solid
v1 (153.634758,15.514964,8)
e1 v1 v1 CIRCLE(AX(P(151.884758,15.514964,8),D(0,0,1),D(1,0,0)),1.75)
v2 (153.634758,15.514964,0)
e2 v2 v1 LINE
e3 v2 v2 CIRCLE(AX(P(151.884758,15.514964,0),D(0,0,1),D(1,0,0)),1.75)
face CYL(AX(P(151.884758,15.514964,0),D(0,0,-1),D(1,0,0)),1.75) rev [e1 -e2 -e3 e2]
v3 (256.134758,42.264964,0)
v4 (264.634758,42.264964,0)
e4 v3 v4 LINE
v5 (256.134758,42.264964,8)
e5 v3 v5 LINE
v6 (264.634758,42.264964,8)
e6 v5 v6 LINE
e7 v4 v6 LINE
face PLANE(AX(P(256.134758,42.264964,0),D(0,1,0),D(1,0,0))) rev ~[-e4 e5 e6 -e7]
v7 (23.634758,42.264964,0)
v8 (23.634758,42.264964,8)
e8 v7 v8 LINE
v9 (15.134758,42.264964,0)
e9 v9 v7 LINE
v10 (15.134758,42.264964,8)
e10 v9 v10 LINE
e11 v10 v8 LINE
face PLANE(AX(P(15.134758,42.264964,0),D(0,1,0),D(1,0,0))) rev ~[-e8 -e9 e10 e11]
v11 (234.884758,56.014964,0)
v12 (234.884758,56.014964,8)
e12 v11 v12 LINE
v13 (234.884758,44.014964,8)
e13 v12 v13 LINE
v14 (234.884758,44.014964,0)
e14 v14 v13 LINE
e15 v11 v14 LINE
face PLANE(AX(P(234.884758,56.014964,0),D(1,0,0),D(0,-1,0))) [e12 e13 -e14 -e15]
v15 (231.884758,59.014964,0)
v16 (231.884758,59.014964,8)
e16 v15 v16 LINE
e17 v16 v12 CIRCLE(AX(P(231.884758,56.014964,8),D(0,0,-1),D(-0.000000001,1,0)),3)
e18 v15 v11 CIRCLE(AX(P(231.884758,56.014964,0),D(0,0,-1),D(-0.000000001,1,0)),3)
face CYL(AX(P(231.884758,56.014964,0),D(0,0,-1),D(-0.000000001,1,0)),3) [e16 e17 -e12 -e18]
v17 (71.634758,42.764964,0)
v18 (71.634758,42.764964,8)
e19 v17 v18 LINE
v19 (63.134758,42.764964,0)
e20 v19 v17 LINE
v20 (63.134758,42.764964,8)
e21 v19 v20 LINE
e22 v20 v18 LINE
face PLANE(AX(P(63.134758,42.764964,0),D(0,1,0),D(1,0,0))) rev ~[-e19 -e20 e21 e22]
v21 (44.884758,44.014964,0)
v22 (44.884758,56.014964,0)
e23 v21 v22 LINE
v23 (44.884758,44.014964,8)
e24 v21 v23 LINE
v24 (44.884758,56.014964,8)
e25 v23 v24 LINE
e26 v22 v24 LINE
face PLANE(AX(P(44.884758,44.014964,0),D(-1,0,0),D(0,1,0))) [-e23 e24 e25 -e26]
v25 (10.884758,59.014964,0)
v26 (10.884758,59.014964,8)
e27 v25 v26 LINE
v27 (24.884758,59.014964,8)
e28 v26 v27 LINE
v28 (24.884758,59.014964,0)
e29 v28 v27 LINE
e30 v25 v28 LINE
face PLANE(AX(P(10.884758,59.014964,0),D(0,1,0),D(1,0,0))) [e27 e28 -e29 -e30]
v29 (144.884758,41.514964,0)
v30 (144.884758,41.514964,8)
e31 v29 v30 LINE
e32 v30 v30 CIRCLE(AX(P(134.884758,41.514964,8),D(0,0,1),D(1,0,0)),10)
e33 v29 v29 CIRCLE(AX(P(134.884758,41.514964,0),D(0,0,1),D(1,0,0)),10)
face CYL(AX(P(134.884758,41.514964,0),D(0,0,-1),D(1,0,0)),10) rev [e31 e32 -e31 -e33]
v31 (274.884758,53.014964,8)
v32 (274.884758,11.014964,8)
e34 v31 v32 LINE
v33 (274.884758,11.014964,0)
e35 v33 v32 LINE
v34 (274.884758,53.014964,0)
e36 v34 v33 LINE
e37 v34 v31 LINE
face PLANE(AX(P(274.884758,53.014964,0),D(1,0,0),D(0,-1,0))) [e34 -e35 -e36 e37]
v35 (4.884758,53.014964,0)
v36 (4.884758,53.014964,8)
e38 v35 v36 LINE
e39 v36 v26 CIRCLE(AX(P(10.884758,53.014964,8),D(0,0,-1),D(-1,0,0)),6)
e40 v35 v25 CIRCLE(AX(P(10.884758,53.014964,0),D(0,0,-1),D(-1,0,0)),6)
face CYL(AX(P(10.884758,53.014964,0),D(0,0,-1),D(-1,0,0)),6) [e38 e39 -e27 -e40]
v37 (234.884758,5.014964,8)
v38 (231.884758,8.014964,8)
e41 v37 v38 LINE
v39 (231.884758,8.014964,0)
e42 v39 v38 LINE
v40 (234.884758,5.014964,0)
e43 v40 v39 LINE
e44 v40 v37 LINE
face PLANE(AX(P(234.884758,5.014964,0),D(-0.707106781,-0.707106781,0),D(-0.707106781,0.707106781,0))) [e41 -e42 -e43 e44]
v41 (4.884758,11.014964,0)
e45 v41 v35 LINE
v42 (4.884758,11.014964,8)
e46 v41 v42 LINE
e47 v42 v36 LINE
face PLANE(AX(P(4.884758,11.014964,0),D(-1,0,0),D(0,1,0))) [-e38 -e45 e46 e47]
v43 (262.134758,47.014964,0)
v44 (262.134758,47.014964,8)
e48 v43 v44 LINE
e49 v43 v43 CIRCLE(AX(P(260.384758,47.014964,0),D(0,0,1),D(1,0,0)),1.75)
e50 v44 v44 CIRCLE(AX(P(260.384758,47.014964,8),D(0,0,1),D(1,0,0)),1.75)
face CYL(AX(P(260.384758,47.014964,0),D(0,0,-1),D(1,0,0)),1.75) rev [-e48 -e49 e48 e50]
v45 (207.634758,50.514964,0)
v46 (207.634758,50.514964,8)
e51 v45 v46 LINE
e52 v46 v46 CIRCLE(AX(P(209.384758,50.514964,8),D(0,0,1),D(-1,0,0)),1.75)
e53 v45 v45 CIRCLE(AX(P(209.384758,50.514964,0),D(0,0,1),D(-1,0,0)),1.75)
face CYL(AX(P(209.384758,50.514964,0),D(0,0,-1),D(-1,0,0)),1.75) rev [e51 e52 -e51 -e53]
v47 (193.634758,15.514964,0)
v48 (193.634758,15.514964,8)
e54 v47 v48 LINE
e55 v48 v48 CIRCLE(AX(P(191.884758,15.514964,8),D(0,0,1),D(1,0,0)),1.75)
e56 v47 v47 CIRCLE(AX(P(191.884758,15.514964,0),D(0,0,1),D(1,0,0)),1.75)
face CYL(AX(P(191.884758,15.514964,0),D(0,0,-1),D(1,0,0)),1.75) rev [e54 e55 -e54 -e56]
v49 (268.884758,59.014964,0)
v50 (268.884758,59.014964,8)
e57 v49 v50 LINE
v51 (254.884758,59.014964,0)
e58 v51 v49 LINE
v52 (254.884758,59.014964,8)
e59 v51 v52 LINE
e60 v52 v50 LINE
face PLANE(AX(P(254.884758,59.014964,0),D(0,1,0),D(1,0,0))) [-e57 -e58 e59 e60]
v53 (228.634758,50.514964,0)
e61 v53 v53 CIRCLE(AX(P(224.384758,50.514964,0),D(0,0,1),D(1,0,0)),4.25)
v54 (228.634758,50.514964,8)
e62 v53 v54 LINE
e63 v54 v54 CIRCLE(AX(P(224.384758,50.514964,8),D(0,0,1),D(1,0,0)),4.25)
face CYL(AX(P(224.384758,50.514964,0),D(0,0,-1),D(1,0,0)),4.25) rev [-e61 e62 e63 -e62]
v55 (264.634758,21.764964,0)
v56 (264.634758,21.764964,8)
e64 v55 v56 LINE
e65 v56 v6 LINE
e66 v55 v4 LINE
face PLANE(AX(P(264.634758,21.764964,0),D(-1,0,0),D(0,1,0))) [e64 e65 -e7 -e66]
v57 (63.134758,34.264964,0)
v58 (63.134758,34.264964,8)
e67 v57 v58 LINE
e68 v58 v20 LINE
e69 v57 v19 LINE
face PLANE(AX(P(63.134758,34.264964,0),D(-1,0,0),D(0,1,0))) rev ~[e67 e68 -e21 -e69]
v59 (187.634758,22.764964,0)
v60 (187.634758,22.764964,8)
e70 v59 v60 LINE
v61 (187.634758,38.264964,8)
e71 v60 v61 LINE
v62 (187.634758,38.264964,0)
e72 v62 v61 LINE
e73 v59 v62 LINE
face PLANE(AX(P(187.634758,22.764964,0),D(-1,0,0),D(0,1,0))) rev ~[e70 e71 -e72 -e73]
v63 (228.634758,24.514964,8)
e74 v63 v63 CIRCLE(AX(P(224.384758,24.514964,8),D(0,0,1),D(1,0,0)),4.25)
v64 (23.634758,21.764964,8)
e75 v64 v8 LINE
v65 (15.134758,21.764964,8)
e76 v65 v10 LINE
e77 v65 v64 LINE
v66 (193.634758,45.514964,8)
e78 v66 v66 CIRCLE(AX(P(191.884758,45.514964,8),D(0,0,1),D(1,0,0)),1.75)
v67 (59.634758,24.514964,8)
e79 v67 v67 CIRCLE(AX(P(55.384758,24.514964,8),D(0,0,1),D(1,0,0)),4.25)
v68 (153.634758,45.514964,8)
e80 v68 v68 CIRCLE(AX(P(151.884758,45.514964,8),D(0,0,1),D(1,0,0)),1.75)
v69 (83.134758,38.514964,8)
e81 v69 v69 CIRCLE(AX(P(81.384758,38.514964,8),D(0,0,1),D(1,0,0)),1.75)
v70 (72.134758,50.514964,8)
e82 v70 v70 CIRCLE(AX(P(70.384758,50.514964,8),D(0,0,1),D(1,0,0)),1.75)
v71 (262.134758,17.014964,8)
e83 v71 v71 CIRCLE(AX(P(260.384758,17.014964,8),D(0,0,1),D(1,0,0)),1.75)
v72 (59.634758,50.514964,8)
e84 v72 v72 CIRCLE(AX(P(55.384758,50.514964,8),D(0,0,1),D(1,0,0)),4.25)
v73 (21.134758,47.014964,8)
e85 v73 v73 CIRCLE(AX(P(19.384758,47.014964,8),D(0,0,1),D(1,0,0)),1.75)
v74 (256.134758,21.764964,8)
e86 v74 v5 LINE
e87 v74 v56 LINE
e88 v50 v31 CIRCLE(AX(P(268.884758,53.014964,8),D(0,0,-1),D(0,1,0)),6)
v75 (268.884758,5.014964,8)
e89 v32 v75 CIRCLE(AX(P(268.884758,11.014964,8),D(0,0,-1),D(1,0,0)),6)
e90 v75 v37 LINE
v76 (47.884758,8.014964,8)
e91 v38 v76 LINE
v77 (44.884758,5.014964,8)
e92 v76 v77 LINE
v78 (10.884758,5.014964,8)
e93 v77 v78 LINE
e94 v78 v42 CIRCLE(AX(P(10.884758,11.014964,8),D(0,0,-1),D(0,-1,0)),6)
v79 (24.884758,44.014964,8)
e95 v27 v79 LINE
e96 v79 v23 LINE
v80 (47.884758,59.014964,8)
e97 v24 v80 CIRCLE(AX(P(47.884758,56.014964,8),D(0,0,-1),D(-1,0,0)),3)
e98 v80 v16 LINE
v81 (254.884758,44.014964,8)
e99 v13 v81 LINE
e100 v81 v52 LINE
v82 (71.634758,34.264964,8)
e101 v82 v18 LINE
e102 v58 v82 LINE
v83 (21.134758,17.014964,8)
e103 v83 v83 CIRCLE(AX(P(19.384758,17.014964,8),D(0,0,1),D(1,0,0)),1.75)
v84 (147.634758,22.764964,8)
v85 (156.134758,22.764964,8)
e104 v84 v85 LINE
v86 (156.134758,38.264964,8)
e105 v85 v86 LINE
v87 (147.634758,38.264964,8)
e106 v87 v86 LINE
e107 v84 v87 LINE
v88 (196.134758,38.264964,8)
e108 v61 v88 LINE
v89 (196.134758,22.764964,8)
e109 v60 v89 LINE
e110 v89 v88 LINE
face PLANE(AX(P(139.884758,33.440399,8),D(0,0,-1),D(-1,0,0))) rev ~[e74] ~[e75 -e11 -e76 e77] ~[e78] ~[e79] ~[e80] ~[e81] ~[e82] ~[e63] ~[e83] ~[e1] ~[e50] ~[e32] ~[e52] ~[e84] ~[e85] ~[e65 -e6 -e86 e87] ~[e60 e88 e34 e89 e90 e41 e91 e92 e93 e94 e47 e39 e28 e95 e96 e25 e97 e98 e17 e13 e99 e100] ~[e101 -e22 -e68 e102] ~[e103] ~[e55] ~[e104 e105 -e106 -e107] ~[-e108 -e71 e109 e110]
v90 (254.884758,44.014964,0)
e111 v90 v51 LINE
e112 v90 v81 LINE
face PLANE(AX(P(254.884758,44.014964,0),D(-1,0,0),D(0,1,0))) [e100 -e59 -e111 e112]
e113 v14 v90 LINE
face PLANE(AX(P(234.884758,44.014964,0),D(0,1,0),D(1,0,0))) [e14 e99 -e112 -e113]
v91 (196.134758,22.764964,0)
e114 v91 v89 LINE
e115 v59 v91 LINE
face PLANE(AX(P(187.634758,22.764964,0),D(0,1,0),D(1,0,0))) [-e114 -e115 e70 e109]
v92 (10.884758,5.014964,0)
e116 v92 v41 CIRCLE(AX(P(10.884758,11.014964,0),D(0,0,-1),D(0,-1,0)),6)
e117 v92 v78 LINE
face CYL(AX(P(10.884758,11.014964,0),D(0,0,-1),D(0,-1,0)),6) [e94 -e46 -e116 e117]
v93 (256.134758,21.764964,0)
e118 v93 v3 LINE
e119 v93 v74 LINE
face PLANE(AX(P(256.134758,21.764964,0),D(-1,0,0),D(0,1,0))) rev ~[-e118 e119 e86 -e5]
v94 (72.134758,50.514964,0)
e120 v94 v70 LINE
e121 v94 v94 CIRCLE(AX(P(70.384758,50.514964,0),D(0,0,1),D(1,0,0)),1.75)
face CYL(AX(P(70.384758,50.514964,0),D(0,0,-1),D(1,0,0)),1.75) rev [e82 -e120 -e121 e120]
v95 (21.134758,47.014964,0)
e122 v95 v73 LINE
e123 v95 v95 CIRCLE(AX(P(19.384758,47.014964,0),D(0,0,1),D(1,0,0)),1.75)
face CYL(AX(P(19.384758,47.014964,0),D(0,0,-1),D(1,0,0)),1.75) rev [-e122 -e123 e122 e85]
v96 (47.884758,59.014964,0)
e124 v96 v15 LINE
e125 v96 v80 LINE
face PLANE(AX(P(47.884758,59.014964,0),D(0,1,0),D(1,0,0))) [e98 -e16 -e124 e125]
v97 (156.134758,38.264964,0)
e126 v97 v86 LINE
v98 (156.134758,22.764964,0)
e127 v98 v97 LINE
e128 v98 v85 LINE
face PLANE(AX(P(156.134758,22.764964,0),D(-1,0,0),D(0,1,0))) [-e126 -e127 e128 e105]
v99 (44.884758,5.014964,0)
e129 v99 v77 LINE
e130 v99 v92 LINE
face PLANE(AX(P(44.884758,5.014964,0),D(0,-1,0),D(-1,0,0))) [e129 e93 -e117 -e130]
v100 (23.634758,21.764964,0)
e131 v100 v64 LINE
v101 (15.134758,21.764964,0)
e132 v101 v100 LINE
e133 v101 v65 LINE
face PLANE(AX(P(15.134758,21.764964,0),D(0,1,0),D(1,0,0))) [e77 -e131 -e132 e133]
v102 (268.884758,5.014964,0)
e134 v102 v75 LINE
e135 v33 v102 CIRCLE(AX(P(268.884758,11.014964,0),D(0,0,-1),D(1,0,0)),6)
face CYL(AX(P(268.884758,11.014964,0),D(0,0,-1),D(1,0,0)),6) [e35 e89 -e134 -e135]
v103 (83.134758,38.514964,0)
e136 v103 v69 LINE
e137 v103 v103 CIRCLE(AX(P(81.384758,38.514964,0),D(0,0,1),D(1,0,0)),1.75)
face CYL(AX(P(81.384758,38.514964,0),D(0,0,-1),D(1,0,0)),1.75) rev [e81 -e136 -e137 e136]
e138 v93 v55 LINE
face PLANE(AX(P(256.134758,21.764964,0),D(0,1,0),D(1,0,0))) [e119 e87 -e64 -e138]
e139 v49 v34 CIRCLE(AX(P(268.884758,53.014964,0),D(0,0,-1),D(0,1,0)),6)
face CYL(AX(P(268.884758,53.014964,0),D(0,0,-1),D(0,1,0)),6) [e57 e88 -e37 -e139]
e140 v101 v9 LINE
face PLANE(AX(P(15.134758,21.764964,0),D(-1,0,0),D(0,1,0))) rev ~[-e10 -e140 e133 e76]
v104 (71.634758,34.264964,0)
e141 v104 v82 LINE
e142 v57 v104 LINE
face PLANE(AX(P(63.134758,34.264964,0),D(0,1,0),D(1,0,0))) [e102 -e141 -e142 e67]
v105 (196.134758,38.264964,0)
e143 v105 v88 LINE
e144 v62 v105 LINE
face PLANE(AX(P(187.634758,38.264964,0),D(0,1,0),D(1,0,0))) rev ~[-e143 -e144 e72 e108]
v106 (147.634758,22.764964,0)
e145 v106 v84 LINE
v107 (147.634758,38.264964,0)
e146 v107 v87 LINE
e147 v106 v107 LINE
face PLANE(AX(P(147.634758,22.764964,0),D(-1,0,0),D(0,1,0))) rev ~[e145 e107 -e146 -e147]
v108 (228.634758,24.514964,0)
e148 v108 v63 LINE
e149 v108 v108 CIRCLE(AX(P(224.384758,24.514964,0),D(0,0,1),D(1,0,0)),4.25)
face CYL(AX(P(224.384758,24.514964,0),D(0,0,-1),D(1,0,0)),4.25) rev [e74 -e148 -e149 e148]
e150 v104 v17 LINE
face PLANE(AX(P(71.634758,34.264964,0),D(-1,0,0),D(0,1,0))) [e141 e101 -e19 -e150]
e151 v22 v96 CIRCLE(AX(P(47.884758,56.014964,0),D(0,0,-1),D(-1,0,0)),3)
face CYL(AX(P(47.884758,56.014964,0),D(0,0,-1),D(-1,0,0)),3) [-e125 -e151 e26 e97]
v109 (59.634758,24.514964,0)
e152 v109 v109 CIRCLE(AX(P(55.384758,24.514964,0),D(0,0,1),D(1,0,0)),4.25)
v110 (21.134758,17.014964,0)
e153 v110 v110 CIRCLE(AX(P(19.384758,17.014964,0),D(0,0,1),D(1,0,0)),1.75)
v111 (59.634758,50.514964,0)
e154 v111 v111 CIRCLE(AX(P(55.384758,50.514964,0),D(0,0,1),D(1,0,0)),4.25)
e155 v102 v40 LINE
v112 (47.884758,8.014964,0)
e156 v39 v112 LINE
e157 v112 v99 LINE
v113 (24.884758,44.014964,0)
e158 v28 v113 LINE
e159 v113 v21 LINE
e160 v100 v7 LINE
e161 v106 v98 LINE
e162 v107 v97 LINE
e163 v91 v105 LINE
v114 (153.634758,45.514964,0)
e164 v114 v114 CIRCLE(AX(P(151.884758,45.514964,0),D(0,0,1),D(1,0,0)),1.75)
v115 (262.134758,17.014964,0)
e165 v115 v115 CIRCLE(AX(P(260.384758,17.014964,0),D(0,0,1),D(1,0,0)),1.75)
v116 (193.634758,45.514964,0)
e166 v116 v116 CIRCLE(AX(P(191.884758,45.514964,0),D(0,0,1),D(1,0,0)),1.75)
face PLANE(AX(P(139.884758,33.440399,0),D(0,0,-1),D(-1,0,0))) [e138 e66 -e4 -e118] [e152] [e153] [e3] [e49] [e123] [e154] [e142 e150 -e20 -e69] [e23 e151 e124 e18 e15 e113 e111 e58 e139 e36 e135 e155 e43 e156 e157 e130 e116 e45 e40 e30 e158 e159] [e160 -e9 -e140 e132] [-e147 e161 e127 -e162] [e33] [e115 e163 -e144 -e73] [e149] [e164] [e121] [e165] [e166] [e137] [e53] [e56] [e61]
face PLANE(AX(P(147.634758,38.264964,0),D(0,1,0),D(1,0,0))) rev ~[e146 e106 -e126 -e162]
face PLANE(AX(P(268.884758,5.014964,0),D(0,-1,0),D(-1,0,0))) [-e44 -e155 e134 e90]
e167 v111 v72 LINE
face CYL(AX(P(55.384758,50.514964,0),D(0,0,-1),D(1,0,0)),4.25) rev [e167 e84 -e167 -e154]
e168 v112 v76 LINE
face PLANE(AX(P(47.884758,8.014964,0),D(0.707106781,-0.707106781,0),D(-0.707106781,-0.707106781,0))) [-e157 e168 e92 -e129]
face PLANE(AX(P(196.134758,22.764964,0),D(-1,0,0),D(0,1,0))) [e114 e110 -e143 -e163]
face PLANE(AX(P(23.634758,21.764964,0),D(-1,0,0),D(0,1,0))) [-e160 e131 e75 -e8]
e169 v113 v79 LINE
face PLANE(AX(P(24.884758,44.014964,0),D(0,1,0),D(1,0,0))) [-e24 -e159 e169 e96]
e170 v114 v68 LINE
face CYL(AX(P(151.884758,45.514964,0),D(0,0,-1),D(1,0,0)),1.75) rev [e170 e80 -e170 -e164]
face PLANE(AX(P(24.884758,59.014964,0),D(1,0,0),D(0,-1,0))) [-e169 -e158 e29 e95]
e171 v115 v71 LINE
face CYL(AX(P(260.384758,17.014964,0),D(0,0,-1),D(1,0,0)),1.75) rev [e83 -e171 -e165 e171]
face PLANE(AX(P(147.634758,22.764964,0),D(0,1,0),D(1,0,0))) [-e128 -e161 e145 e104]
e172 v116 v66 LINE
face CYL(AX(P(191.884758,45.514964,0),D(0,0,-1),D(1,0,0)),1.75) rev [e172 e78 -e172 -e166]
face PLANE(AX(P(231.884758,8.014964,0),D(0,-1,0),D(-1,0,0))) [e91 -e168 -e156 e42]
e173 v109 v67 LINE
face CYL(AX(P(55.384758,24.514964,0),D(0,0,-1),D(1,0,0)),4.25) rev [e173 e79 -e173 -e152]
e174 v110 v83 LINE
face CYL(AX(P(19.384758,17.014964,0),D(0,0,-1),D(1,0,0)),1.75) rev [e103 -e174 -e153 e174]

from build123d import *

# Parameters (mm, degrees)
SKETCH1_R      = 1.75
SKETCH1_R_2    = 4.25
SKETCH1_R_3    = 10
SKETCH1_W      = 8.5
SKETCH1_H      = 20.5
SKETCH1_H_2    = 15.5
SKETCH1_H_3    = 8.5
EXTRUDE1_DEPTH = 8


with BuildPart() as part:
    # Sketch1 → Extrude1 (new body)
    with BuildSketch(Plane.XY):
        with BuildLine():
            Line((234.88475828, 56.014964012), (234.88475828, 44.014964012))
            Line((234.88475828, 44.014964012), (254.88475828, 44.014964012))
            Line((254.88475828, 44.014964012), (254.88475828, 59.014964012))
            Line((254.88475828, 59.014964012), (268.88475828, 59.014964012))
            ThreePointArc((268.88475828, 59.014964012), (273.127398968, 57.257604699), (274.88475828, 53.014964012))
            Line((274.88475828, 53.014964012), (274.88475828, 11.014964012))
            ThreePointArc((274.88475828, 11.014964012), (273.127398968, 6.772323325), (268.88475828, 5.014964012))
            Line((268.88475828, 5.014964012), (234.88475828, 5.014964012))
            Line((234.88475828, 5.014964012), (231.88475828, 8.014964012))
            Line((231.88475828, 8.014964012), (47.88475828, 8.014964012))
            Line((47.88475828, 8.014964012), (44.88475828, 5.014964012))
            Line((44.88475828, 5.014964012), (10.88475828, 5.014964012))
            ThreePointArc((10.88475828, 5.014964012), (6.642117593, 6.772323325), (4.88475828, 11.014964012))
            Line((4.88475828, 11.014964012), (4.88475828, 53.014964012))
            ThreePointArc((4.88475828, 53.014964012), (6.642117593, 57.257604699), (10.88475828, 59.014964012))
            Line((10.88475828, 59.014964012), (24.88475828, 59.014964012))
            Line((24.88475828, 59.014964012), (24.88475828, 44.014964012))
            Line((24.88475828, 44.014964012), (44.88475828, 44.014964012))
            Line((44.88475828, 44.014964012), (44.88475828, 56.014964012))
            ThreePointArc((44.88475828, 56.014964012), (45.763437937, 58.136284356), (47.88475828, 59.014964012))
            Line((47.88475828, 59.014964012), (231.88475828, 59.014964012))
            ThreePointArc((231.88475828, 59.014964012), (234.006078624, 58.136284356), (234.88475828, 56.014964012))
        make_face()
        with Locations((260.38475828, 47.014964012)):
            Circle(SKETCH1_R, mode=Mode.SUBTRACT)
        with Locations((260.38475828, 17.014964012)):
            Circle(SKETCH1_R, mode=Mode.SUBTRACT)
        with Locations((19.38475828, 47.014964012)):
            Circle(SKETCH1_R, mode=Mode.SUBTRACT)
        with Locations((19.38475828, 17.014964012)):
            Circle(SKETCH1_R, mode=Mode.SUBTRACT)
        with Locations((224.38475828, 50.514964012)):
            Circle(SKETCH1_R_2, mode=Mode.SUBTRACT)
        with Locations((224.38475828, 24.514964012)):
            Circle(SKETCH1_R_2, mode=Mode.SUBTRACT)
        with Locations((55.38475828, 50.514964012)):
            Circle(SKETCH1_R_2, mode=Mode.SUBTRACT)
        with Locations((55.38475828, 24.514964012)):
            Circle(SKETCH1_R_2, mode=Mode.SUBTRACT)
        with Locations((191.88475828, 15.514964012)):
            Circle(SKETCH1_R, mode=Mode.SUBTRACT)
        with Locations((191.88475828, 45.514964012)):
            Circle(SKETCH1_R, mode=Mode.SUBTRACT)
        with Locations((151.88475828, 15.514964012)):
            Circle(SKETCH1_R, mode=Mode.SUBTRACT)
        with Locations((151.88475828, 45.514964012)):
            Circle(SKETCH1_R, mode=Mode.SUBTRACT)
        with Locations((81.38475828, 38.514964012)):
            Circle(SKETCH1_R, mode=Mode.SUBTRACT)
        with Locations((70.38475828, 50.514964012)):
            Circle(SKETCH1_R, mode=Mode.SUBTRACT)
        with Locations((134.88475828, 41.514964012)):
            Circle(SKETCH1_R_3, mode=Mode.SUBTRACT)
        with Locations(Location((209.38475828, 50.514964012, 0), (0, 0, 180))):
            Circle(SKETCH1_R, mode=Mode.SUBTRACT)
        with Locations((260.38475828, 32.014964012)):
            Rectangle(SKETCH1_W, SKETCH1_H, mode=Mode.SUBTRACT)
        with Locations((19.38475828, 32.014964012)):
            Rectangle(SKETCH1_W, SKETCH1_H, mode=Mode.SUBTRACT)
        with Locations((191.88475828, 30.514964012)):
            Rectangle(SKETCH1_W, SKETCH1_H_2, mode=Mode.SUBTRACT)
        with Locations((151.88475828, 30.514964012)):
            Rectangle(SKETCH1_W, SKETCH1_H_2, mode=Mode.SUBTRACT)
        with Locations((67.38475828, 38.514964012)):
            Rectangle(SKETCH1_W, SKETCH1_H_3, mode=Mode.SUBTRACT)
    extrude(amount=EXTRUDE1_DEPTH)


solid = part.part
